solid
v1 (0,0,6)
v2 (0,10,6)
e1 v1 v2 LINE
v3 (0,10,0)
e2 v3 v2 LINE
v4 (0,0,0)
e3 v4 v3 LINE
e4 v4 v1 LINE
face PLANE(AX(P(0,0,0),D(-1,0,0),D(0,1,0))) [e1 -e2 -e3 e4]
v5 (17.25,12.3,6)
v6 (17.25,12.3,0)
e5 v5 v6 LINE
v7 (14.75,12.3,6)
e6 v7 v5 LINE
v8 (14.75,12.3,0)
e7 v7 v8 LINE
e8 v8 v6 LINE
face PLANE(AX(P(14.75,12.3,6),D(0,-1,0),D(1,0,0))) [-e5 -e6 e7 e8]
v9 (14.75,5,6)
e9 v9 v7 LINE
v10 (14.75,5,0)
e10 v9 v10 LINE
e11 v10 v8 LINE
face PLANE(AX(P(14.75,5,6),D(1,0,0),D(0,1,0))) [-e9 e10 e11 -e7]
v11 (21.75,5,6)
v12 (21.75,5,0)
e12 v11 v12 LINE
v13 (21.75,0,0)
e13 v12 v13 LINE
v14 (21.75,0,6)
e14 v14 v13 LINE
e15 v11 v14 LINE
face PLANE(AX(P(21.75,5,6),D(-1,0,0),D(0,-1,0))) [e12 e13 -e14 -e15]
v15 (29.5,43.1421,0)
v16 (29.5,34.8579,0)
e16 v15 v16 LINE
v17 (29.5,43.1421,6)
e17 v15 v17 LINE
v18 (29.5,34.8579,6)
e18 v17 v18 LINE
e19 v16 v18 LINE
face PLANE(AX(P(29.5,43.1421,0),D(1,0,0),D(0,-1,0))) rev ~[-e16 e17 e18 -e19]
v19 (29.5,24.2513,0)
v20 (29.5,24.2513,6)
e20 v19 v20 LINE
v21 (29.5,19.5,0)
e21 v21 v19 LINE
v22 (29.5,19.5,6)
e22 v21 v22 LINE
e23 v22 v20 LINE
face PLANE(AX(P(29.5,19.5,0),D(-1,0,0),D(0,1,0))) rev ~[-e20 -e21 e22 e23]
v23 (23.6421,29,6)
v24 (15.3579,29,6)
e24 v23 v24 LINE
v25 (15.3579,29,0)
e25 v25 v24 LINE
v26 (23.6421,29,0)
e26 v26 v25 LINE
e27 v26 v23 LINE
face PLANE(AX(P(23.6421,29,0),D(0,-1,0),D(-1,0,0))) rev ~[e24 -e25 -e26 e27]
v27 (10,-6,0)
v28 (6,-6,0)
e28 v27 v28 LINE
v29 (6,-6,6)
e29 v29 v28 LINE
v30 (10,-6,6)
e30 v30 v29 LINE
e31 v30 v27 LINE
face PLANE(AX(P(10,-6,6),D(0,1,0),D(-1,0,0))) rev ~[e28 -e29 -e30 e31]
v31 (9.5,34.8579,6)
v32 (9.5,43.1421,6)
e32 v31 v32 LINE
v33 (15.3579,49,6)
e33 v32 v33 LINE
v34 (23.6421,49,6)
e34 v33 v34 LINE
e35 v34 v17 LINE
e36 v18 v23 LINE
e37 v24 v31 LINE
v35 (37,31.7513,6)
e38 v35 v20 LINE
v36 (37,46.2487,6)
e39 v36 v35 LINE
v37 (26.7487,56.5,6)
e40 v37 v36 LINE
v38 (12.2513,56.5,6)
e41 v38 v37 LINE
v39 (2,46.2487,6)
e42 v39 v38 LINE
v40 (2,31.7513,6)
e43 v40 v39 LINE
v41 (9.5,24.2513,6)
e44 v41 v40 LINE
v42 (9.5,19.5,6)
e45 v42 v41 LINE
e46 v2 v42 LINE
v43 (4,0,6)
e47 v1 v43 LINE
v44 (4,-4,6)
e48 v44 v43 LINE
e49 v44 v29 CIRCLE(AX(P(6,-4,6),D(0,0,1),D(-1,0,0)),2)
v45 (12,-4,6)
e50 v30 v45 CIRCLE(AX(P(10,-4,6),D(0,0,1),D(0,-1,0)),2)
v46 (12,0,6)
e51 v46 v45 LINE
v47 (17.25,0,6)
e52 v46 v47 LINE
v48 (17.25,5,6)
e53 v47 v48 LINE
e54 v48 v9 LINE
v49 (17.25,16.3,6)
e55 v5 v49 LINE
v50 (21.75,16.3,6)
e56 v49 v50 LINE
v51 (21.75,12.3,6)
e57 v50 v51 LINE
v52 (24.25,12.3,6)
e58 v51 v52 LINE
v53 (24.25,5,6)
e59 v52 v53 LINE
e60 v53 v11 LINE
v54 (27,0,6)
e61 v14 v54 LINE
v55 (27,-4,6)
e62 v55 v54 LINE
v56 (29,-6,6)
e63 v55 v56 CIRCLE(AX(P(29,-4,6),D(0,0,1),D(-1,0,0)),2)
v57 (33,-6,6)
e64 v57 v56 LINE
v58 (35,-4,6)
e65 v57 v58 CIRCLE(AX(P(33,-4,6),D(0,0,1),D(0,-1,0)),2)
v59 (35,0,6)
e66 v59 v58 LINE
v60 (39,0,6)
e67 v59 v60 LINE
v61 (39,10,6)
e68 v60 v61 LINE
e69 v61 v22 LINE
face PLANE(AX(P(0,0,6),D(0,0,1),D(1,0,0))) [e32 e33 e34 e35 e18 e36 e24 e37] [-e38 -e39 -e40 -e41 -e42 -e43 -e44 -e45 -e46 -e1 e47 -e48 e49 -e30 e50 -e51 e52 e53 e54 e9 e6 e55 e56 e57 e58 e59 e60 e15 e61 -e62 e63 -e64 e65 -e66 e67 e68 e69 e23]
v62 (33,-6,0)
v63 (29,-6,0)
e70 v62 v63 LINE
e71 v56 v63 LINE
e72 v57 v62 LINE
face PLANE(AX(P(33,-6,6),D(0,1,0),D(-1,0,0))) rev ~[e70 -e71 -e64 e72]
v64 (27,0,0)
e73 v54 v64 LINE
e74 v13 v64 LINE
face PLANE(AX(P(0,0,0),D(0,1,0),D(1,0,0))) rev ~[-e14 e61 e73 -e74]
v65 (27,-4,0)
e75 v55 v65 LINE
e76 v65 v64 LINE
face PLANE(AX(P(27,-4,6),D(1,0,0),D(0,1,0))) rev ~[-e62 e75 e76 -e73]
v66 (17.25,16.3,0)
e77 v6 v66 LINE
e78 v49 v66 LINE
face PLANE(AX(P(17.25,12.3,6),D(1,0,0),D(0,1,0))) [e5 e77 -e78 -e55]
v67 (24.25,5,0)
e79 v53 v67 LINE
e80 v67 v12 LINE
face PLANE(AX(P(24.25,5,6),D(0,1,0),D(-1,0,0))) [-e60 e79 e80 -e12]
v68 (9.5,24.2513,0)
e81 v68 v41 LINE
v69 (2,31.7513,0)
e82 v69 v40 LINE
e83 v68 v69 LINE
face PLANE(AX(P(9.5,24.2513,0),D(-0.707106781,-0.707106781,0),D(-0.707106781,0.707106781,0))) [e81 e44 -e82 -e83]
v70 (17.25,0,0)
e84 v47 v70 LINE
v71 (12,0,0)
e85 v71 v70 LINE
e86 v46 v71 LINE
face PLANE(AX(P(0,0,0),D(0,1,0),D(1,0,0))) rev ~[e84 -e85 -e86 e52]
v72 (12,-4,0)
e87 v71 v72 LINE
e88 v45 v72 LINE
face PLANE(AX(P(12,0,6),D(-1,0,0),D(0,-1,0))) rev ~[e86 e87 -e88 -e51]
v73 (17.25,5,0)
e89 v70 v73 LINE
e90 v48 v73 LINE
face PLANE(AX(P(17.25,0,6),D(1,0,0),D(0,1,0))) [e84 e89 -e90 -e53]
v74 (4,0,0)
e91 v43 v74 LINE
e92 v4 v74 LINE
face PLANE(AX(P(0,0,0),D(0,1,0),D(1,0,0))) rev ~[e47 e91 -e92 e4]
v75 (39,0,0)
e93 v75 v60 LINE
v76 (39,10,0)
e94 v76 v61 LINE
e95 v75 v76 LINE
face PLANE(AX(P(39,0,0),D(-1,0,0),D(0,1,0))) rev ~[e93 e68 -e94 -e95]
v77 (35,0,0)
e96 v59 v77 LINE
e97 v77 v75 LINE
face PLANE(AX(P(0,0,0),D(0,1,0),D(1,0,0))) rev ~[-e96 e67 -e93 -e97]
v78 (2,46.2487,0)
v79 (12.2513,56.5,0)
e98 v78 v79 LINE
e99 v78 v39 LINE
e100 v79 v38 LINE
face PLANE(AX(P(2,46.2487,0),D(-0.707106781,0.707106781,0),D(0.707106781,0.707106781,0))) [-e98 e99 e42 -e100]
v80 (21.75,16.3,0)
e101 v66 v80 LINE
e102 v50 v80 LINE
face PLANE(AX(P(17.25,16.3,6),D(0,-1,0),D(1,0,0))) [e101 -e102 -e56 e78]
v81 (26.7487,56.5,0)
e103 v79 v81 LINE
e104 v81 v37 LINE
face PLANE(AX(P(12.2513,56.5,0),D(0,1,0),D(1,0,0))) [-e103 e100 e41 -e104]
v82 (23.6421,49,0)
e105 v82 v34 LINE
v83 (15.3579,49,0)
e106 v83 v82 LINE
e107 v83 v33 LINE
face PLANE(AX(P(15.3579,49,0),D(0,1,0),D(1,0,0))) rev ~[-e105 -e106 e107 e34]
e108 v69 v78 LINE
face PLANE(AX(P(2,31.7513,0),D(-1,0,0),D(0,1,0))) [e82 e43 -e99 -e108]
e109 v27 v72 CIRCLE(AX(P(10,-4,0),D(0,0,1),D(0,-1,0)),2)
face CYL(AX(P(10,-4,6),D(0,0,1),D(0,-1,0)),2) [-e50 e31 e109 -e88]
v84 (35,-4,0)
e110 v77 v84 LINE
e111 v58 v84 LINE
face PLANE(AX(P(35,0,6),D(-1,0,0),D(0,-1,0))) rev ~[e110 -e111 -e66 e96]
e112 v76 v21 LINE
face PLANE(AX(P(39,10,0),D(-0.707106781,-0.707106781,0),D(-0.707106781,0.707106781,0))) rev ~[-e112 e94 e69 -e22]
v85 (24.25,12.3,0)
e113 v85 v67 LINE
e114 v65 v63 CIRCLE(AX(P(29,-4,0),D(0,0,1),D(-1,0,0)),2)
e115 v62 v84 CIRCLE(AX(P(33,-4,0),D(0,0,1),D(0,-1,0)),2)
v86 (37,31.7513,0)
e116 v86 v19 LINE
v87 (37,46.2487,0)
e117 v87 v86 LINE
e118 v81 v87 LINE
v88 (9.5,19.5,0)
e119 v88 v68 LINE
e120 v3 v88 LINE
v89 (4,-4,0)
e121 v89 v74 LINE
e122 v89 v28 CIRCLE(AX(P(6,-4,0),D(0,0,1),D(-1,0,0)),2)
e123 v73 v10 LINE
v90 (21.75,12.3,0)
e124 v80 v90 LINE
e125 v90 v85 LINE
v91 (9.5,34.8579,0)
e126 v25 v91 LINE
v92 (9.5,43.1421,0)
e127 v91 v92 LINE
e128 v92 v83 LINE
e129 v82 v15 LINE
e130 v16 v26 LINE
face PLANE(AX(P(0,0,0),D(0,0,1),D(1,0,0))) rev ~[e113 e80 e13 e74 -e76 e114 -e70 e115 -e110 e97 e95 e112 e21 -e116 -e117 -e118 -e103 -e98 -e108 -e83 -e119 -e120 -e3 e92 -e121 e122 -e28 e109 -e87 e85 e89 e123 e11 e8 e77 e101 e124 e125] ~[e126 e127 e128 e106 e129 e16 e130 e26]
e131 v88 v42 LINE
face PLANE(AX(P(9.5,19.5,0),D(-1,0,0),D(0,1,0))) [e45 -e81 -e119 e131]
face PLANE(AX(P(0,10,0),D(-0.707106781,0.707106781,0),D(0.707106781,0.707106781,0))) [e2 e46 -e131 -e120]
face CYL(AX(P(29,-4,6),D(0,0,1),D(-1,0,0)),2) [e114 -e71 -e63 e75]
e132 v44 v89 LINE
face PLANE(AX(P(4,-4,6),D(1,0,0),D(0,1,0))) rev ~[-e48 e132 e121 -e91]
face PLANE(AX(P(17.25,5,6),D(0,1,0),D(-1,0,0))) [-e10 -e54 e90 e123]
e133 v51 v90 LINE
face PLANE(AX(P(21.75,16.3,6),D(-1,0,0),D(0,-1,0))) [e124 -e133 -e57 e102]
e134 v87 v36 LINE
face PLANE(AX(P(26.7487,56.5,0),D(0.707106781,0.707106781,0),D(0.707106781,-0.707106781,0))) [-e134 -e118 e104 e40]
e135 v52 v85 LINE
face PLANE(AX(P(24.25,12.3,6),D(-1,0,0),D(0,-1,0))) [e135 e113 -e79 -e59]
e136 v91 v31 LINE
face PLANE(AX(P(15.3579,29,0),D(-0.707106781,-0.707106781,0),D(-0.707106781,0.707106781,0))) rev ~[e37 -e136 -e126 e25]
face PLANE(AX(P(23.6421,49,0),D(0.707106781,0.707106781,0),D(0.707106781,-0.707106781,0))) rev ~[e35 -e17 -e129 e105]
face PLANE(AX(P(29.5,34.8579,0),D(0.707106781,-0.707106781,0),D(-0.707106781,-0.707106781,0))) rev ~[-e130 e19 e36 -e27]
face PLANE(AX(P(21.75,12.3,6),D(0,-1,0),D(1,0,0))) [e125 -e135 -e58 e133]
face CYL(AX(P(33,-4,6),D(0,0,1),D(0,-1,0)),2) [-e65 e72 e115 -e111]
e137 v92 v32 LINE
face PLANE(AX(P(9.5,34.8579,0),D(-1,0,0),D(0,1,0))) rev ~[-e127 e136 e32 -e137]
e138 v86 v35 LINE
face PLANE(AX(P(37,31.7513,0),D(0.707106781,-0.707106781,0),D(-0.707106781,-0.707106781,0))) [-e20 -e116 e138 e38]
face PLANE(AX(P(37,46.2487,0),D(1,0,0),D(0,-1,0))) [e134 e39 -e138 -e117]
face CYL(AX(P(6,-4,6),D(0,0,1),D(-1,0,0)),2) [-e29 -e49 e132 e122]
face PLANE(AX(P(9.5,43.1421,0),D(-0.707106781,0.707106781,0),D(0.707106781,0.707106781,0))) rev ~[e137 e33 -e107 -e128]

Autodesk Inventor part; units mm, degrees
ref_plane "YZ Plane" through (0, 0, 0) normal (1, 0, 0) x (0, 1, 0)
ref_plane "XZ Plane" through (0, 0, 0) normal (0, 1, 0) x (-1, 0, 0)
ref_plane "XY Plane" through (0, 0, 0) normal (0, 0, 1) x (1, 0, 0)
sketch "Sketch1" plane through (0, 0, 0) normal (0, 0, 1) x (1, 0, 0)
  line L0 (0, 0) -> (39, 0)
  line L1 (0, 0) -> (0, 10)
  line L2 (39, 0) -> (39, 10)
  line L3 (0, 10) -> (9.5, 19.5)
  line L4 (39, 10) -> (29.5, 19.5)
  line L5 (9.5, 24.2513) -> (2, 31.7513)
  line L6 (2, 31.7513) -> (2, 46.2487)
  line L7 (2, 46.2487) -> (12.2513, 56.5)
  line L8 (12.2513, 56.5) -> (26.7487, 56.5)
  line L9 (26.7487, 56.5) -> (37, 46.2487)
  line L10 (37, 46.2487) -> (37, 31.7513)
  line L11 (37, 31.7513) -> (29.5, 24.2513)
  line L12 (23.6421, 29) -> (15.3579, 29)
  line L13 (15.3579, 29) -> (9.5, 34.8579)
  line L14 (9.5, 34.8579) -> (9.5, 43.1421)
  line L15 (9.5, 43.1421) -> (15.3579, 49)
  line L16 (15.3579, 49) -> (23.6421, 49)
  line L17 (23.6421, 49) -> (29.5, 43.1421)
  line L18 (29.5, 43.1421) -> (29.5, 34.8579)
  line L19 (29.5, 34.8579) -> (23.6421, 29)
  line L20 (9.5, 19.5) -> (9.5, 24.2513)
  line L21 (29.5, 19.5) -> (29.5, 24.2513)
  point P0 (19.5, 39)
  point P1 (19.5, 39)
  point P2 (19.5, 0)
  dimension "d0" = 39
  dimension "d1" = 45
  dimension "d2" = 39
  dimension "d3" = 20
  dimension "d4" = 35
  dimension "d5" = 10
  dimension "d6" = 20
extrude "Extrusion1" add sketch "Sketch1" along normal blind 6
sketch "Sketch2" plane through (0, 0, 6) normal (0, 0, 1) x (1, 0, 0)
  line L0 (0, 0) -> (39, 0) projected
  line L1 (17.25, 16.3) -> (21.75, 16.3)
  line L2 (21.75, 0) -> (17.25, 0)
  line L3 (24.25, 12.3) -> (24.25, 5)
  line L4 (14.75, 5) -> (14.75, 12.3)
  line L5 (21.75, 16.3) -> (21.75, 12.3)
  line L6 (21.75, 5) -> (21.75, 0)
  line L7 (17.25, 0) -> (17.25, 5)
  line L8 (17.25, 12.3) -> (17.25, 16.3)
  line L9 (14.75, 12.3) -> (17.25, 12.3)
  line L10 (21.75, 12.3) -> (24.25, 12.3)
  line L11 (24.25, 5) -> (21.75, 5)
  line L12 (17.25, 5) -> (14.75, 5)
  point P0 (19.5, 16.3)
  point P1 (19.5, 0)
  dimension "d9" = 5
  dimension "d10" = 4
  dimension "d11" = 7.3
  dimension "d12" = 2.5
  dimension "d13" = 2.5
  dimension "d14" = 4.5
extrude "Extrusion2" cut sketch "Sketch2" against normal blind 6
sketch "Sketch3" plane through (0, 0, 6) normal (0, 0, 1) x (1, 0, 0)
  line L0 (21.75, 0) -> (39, 0) projected
  line L1 (0, 0) -> (17.25, 0) projected
  line L2 (17.25, 16.3) -> (21.75, 16.3) projected
  line L3 (4, 0) -> (12, 0)
  line L4 (12, 0) -> (12, -4)
  line L5 (10, -6) -> (6, -6)
  line L6 (4, -4) -> (4, 0)
  line L7 (27, 0) -> (35, 0)
  line L8 (35, 0) -> (35, -4)
  line L9 (33, -6) -> (29, -6)
  line L10 (27, -4) -> (27, 0)
  arc A0 (4, -4) -> (6, -6) centre (6, -4) ccw
  arc A1 (10, -6) -> (12, -4) centre (10, -4) ccw
  arc A2 (27, -4) -> (29, -6) centre (29, -4) ccw
  arc A3 (33, -6) -> (35, -4) centre (33, -4) ccw
  point P0 (19.5, 16.3)
  dimension "d17" = 2
  dimension "d18" = 8
  dimension "d19" = 8
  dimension "d20" = 6
  dimension "d21" = 7.5
  dimension "d22" = 15
extrude "Extrusion3" add sketch "Sketch3" against normal blind 6
properties part number "filament_guide"
